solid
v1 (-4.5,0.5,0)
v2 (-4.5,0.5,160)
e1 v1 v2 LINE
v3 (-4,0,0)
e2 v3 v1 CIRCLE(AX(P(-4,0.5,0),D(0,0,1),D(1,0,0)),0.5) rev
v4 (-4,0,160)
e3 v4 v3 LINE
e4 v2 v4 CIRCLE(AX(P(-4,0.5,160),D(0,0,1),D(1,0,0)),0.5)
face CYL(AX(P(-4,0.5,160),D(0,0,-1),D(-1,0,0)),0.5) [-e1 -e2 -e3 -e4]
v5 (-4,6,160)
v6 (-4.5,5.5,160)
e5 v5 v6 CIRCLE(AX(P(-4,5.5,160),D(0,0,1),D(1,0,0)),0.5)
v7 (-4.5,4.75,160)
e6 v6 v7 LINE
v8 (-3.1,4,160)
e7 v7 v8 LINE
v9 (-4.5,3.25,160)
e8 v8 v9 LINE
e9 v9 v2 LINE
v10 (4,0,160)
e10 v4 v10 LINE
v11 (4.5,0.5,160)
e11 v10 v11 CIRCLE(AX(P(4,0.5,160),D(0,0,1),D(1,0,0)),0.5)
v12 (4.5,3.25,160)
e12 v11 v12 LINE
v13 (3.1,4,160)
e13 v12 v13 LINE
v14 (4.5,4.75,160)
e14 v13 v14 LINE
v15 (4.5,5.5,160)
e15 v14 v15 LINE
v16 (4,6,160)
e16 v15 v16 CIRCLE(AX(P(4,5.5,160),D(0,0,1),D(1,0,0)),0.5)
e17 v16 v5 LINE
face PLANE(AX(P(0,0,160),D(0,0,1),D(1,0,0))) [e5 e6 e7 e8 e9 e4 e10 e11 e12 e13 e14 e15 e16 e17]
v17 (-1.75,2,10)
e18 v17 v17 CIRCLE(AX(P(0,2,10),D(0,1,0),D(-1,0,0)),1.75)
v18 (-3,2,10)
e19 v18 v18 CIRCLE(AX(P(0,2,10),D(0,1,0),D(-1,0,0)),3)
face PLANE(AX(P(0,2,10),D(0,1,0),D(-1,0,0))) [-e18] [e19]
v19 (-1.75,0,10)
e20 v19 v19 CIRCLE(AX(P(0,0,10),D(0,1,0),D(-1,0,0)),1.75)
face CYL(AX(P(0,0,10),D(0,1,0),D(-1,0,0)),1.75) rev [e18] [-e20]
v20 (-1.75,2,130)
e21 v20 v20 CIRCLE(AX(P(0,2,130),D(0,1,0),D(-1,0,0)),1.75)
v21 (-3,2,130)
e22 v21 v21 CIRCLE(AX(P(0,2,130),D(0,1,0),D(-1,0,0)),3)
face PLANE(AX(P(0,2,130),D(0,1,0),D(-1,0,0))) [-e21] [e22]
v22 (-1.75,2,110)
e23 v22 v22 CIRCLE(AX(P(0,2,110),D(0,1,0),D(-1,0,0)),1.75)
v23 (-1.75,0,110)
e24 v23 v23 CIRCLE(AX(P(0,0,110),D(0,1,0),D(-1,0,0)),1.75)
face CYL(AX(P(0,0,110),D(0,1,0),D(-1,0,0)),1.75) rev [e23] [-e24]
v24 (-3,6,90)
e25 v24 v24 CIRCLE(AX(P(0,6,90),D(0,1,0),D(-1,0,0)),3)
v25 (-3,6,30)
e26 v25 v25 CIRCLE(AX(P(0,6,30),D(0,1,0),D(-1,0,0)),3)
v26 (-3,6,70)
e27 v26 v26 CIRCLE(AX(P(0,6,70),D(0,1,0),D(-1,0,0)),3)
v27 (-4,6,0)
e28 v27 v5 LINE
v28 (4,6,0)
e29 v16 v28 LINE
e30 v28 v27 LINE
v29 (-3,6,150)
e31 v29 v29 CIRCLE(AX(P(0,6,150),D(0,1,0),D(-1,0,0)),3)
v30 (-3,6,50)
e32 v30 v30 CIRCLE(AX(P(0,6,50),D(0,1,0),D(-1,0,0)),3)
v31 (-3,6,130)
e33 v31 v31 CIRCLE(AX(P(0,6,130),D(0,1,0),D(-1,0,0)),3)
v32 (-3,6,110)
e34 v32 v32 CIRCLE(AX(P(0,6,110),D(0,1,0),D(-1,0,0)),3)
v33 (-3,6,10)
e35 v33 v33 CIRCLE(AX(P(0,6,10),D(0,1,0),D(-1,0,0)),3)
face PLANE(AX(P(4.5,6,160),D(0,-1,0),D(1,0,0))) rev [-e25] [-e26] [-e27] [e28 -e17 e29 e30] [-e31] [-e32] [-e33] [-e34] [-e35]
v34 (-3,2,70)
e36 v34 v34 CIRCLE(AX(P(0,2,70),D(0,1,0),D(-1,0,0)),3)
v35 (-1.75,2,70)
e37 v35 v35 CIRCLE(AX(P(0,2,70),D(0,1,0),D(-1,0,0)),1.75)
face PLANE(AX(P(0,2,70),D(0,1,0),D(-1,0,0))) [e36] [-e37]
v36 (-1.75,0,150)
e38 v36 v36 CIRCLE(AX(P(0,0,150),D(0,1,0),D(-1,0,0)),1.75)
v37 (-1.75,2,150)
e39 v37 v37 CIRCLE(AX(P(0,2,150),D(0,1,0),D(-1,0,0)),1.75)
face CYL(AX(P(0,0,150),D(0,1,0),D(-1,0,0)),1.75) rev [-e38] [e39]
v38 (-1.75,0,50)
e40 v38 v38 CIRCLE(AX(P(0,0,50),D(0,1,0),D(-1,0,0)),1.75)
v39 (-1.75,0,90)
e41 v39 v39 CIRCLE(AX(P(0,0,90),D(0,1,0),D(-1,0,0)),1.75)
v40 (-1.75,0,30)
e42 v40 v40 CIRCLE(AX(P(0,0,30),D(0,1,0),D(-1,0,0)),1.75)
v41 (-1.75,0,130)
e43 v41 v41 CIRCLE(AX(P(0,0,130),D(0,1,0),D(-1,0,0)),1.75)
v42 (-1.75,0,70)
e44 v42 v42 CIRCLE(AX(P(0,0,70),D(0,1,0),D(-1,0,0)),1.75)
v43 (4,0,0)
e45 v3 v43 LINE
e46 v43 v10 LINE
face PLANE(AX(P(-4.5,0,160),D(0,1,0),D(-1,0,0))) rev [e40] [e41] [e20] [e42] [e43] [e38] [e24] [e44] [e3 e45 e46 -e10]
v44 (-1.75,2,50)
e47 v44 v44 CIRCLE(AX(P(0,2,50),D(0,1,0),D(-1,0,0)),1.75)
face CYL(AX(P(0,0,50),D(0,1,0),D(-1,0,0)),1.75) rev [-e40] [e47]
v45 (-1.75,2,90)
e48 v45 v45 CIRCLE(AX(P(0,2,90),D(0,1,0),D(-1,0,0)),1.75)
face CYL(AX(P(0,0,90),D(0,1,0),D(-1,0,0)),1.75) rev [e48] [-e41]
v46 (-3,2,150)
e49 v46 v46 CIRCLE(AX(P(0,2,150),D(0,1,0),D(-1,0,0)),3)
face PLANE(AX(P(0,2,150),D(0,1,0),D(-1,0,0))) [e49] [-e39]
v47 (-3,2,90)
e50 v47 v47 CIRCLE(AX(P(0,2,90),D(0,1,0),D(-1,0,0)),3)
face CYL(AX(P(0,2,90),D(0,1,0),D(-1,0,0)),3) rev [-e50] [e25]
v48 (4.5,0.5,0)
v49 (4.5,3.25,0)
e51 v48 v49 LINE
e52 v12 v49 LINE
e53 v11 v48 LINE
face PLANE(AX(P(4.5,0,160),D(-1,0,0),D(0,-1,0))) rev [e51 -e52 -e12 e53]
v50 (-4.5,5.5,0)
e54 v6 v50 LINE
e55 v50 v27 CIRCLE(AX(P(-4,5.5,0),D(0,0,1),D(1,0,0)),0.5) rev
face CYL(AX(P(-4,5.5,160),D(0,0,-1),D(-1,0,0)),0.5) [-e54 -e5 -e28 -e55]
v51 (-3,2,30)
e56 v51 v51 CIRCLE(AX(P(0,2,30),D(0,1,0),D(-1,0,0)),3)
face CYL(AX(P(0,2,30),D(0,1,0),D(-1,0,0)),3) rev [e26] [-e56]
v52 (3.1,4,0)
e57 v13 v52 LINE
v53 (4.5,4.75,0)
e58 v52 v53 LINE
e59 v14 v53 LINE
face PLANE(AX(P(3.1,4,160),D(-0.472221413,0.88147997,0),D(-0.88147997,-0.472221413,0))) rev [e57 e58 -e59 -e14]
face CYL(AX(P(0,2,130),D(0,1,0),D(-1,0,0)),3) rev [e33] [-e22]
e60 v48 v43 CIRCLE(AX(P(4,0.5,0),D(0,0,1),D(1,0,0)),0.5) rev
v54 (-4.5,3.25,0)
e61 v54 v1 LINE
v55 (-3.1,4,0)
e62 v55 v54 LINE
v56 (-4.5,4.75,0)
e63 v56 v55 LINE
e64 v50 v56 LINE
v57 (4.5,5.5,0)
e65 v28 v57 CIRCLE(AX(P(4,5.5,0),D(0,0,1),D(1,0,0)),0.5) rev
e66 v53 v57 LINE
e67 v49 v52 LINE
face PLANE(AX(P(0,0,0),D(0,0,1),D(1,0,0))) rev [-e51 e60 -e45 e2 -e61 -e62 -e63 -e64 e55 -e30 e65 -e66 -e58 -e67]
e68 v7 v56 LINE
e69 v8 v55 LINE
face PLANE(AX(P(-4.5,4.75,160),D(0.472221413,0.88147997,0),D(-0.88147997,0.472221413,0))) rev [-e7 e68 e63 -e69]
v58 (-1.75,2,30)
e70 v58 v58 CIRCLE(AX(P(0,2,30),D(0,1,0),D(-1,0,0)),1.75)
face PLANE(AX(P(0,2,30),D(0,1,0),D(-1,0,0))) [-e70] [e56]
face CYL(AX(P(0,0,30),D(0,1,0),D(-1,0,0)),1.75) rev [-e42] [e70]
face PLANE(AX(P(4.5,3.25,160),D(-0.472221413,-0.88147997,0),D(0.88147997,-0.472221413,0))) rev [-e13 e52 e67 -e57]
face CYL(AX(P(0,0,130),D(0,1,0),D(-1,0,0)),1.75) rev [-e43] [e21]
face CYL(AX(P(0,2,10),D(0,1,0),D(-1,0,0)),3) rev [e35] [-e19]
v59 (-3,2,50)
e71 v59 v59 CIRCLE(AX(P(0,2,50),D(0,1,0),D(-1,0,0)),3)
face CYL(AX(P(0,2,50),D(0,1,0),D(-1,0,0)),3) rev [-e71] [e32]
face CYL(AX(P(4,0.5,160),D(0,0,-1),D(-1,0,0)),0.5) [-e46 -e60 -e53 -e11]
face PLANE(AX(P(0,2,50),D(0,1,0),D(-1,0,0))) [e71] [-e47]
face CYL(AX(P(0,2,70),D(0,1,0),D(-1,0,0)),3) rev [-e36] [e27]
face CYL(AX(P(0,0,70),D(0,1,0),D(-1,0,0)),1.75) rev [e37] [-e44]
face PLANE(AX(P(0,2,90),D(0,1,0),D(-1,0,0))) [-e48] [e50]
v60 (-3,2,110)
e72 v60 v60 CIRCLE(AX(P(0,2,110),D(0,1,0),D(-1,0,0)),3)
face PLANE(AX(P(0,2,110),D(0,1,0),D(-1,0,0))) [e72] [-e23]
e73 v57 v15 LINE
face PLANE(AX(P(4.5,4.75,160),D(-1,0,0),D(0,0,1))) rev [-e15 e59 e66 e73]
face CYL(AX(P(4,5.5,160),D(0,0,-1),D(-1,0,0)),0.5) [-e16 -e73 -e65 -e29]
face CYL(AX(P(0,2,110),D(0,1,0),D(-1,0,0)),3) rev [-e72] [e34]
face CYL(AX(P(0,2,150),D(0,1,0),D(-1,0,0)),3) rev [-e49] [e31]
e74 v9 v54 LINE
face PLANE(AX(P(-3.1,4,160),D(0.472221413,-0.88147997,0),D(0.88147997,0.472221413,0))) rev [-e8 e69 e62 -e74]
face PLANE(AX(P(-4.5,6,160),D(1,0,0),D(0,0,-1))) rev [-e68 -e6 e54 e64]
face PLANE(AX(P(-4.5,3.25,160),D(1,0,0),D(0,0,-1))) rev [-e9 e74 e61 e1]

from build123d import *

# Parameters (mm, degrees)
BOSS_EXTRUDE1_DEPTH = 160
FILLET1_R           = 0.5
SKETCH2_R           = 3
CUT_EXTRUDE1_DEPTH  = 4
SKETCH3_R           = 1.75
CUT_EXTRUDE2_DEPTH  = 161.113241176
LPATTERN1_COUNT     = 8
LPATTERN1_PITCH     = 20


with BuildPart() as part:
    # Sketch1 → Boss-Extrude1 (new body)
    with BuildSketch(Plane.XY):
        Polygon((-4.5, 0), (4.5, 0), (4.5, 3.25), (3.1, 4), (4.5, 4.75), (4.5, 6), (-4.5, 6), (-4.5, 4.75), (-3.1, 4), (-4.5, 3.25), align=None)
    extrude(amount=BOSS_EXTRUDE1_DEPTH)

    # Fillet1
    fillet1_edges = [part.edges().sort_by_distance(p)[0] for p in [
        (-4.5, 6, 80),
        (4.5, 6, 80),
        (4.5, 0, 80),
        (-4.5, 0, 80),
    ]]
    fillet(fillet1_edges, radius=FILLET1_R)

    # Sketch2 → Cut-Extrude1 (cut)
    with BuildSketch(Plane(origin=(0, 6, 0), x_dir=(1, 0, 0), z_dir=(0, 1, 0))):
        with Locations(Location((0, -10, 0), (0, 0, 180))):
            Circle(SKETCH2_R)
    cut_extrude1 = extrude(amount=-CUT_EXTRUDE1_DEPTH, mode=Mode.SUBTRACT)

    # Sketch3 → Cut-Extrude2 (cut, through all)
    with BuildSketch(Plane(origin=(0, 2, 0), x_dir=(1, 0, 0), z_dir=(0, 1, 0))):
        with Locations(Location((0, -10, 0), (0, 0, 180))):
            Circle(SKETCH3_R)
    cut_extrude2 = extrude(amount=-CUT_EXTRUDE2_DEPTH, mode=Mode.SUBTRACT)

    # LPattern1: Cut-Extrude1, Cut-Extrude2 ×8
    with Locations(*[(0, 0, i * LPATTERN1_PITCH) for i in range(1, LPATTERN1_COUNT)]):
        add(cut_extrude1, mode=Mode.SUBTRACT)
        add(cut_extrude2, mode=Mode.SUBTRACT)


solid = part.part
